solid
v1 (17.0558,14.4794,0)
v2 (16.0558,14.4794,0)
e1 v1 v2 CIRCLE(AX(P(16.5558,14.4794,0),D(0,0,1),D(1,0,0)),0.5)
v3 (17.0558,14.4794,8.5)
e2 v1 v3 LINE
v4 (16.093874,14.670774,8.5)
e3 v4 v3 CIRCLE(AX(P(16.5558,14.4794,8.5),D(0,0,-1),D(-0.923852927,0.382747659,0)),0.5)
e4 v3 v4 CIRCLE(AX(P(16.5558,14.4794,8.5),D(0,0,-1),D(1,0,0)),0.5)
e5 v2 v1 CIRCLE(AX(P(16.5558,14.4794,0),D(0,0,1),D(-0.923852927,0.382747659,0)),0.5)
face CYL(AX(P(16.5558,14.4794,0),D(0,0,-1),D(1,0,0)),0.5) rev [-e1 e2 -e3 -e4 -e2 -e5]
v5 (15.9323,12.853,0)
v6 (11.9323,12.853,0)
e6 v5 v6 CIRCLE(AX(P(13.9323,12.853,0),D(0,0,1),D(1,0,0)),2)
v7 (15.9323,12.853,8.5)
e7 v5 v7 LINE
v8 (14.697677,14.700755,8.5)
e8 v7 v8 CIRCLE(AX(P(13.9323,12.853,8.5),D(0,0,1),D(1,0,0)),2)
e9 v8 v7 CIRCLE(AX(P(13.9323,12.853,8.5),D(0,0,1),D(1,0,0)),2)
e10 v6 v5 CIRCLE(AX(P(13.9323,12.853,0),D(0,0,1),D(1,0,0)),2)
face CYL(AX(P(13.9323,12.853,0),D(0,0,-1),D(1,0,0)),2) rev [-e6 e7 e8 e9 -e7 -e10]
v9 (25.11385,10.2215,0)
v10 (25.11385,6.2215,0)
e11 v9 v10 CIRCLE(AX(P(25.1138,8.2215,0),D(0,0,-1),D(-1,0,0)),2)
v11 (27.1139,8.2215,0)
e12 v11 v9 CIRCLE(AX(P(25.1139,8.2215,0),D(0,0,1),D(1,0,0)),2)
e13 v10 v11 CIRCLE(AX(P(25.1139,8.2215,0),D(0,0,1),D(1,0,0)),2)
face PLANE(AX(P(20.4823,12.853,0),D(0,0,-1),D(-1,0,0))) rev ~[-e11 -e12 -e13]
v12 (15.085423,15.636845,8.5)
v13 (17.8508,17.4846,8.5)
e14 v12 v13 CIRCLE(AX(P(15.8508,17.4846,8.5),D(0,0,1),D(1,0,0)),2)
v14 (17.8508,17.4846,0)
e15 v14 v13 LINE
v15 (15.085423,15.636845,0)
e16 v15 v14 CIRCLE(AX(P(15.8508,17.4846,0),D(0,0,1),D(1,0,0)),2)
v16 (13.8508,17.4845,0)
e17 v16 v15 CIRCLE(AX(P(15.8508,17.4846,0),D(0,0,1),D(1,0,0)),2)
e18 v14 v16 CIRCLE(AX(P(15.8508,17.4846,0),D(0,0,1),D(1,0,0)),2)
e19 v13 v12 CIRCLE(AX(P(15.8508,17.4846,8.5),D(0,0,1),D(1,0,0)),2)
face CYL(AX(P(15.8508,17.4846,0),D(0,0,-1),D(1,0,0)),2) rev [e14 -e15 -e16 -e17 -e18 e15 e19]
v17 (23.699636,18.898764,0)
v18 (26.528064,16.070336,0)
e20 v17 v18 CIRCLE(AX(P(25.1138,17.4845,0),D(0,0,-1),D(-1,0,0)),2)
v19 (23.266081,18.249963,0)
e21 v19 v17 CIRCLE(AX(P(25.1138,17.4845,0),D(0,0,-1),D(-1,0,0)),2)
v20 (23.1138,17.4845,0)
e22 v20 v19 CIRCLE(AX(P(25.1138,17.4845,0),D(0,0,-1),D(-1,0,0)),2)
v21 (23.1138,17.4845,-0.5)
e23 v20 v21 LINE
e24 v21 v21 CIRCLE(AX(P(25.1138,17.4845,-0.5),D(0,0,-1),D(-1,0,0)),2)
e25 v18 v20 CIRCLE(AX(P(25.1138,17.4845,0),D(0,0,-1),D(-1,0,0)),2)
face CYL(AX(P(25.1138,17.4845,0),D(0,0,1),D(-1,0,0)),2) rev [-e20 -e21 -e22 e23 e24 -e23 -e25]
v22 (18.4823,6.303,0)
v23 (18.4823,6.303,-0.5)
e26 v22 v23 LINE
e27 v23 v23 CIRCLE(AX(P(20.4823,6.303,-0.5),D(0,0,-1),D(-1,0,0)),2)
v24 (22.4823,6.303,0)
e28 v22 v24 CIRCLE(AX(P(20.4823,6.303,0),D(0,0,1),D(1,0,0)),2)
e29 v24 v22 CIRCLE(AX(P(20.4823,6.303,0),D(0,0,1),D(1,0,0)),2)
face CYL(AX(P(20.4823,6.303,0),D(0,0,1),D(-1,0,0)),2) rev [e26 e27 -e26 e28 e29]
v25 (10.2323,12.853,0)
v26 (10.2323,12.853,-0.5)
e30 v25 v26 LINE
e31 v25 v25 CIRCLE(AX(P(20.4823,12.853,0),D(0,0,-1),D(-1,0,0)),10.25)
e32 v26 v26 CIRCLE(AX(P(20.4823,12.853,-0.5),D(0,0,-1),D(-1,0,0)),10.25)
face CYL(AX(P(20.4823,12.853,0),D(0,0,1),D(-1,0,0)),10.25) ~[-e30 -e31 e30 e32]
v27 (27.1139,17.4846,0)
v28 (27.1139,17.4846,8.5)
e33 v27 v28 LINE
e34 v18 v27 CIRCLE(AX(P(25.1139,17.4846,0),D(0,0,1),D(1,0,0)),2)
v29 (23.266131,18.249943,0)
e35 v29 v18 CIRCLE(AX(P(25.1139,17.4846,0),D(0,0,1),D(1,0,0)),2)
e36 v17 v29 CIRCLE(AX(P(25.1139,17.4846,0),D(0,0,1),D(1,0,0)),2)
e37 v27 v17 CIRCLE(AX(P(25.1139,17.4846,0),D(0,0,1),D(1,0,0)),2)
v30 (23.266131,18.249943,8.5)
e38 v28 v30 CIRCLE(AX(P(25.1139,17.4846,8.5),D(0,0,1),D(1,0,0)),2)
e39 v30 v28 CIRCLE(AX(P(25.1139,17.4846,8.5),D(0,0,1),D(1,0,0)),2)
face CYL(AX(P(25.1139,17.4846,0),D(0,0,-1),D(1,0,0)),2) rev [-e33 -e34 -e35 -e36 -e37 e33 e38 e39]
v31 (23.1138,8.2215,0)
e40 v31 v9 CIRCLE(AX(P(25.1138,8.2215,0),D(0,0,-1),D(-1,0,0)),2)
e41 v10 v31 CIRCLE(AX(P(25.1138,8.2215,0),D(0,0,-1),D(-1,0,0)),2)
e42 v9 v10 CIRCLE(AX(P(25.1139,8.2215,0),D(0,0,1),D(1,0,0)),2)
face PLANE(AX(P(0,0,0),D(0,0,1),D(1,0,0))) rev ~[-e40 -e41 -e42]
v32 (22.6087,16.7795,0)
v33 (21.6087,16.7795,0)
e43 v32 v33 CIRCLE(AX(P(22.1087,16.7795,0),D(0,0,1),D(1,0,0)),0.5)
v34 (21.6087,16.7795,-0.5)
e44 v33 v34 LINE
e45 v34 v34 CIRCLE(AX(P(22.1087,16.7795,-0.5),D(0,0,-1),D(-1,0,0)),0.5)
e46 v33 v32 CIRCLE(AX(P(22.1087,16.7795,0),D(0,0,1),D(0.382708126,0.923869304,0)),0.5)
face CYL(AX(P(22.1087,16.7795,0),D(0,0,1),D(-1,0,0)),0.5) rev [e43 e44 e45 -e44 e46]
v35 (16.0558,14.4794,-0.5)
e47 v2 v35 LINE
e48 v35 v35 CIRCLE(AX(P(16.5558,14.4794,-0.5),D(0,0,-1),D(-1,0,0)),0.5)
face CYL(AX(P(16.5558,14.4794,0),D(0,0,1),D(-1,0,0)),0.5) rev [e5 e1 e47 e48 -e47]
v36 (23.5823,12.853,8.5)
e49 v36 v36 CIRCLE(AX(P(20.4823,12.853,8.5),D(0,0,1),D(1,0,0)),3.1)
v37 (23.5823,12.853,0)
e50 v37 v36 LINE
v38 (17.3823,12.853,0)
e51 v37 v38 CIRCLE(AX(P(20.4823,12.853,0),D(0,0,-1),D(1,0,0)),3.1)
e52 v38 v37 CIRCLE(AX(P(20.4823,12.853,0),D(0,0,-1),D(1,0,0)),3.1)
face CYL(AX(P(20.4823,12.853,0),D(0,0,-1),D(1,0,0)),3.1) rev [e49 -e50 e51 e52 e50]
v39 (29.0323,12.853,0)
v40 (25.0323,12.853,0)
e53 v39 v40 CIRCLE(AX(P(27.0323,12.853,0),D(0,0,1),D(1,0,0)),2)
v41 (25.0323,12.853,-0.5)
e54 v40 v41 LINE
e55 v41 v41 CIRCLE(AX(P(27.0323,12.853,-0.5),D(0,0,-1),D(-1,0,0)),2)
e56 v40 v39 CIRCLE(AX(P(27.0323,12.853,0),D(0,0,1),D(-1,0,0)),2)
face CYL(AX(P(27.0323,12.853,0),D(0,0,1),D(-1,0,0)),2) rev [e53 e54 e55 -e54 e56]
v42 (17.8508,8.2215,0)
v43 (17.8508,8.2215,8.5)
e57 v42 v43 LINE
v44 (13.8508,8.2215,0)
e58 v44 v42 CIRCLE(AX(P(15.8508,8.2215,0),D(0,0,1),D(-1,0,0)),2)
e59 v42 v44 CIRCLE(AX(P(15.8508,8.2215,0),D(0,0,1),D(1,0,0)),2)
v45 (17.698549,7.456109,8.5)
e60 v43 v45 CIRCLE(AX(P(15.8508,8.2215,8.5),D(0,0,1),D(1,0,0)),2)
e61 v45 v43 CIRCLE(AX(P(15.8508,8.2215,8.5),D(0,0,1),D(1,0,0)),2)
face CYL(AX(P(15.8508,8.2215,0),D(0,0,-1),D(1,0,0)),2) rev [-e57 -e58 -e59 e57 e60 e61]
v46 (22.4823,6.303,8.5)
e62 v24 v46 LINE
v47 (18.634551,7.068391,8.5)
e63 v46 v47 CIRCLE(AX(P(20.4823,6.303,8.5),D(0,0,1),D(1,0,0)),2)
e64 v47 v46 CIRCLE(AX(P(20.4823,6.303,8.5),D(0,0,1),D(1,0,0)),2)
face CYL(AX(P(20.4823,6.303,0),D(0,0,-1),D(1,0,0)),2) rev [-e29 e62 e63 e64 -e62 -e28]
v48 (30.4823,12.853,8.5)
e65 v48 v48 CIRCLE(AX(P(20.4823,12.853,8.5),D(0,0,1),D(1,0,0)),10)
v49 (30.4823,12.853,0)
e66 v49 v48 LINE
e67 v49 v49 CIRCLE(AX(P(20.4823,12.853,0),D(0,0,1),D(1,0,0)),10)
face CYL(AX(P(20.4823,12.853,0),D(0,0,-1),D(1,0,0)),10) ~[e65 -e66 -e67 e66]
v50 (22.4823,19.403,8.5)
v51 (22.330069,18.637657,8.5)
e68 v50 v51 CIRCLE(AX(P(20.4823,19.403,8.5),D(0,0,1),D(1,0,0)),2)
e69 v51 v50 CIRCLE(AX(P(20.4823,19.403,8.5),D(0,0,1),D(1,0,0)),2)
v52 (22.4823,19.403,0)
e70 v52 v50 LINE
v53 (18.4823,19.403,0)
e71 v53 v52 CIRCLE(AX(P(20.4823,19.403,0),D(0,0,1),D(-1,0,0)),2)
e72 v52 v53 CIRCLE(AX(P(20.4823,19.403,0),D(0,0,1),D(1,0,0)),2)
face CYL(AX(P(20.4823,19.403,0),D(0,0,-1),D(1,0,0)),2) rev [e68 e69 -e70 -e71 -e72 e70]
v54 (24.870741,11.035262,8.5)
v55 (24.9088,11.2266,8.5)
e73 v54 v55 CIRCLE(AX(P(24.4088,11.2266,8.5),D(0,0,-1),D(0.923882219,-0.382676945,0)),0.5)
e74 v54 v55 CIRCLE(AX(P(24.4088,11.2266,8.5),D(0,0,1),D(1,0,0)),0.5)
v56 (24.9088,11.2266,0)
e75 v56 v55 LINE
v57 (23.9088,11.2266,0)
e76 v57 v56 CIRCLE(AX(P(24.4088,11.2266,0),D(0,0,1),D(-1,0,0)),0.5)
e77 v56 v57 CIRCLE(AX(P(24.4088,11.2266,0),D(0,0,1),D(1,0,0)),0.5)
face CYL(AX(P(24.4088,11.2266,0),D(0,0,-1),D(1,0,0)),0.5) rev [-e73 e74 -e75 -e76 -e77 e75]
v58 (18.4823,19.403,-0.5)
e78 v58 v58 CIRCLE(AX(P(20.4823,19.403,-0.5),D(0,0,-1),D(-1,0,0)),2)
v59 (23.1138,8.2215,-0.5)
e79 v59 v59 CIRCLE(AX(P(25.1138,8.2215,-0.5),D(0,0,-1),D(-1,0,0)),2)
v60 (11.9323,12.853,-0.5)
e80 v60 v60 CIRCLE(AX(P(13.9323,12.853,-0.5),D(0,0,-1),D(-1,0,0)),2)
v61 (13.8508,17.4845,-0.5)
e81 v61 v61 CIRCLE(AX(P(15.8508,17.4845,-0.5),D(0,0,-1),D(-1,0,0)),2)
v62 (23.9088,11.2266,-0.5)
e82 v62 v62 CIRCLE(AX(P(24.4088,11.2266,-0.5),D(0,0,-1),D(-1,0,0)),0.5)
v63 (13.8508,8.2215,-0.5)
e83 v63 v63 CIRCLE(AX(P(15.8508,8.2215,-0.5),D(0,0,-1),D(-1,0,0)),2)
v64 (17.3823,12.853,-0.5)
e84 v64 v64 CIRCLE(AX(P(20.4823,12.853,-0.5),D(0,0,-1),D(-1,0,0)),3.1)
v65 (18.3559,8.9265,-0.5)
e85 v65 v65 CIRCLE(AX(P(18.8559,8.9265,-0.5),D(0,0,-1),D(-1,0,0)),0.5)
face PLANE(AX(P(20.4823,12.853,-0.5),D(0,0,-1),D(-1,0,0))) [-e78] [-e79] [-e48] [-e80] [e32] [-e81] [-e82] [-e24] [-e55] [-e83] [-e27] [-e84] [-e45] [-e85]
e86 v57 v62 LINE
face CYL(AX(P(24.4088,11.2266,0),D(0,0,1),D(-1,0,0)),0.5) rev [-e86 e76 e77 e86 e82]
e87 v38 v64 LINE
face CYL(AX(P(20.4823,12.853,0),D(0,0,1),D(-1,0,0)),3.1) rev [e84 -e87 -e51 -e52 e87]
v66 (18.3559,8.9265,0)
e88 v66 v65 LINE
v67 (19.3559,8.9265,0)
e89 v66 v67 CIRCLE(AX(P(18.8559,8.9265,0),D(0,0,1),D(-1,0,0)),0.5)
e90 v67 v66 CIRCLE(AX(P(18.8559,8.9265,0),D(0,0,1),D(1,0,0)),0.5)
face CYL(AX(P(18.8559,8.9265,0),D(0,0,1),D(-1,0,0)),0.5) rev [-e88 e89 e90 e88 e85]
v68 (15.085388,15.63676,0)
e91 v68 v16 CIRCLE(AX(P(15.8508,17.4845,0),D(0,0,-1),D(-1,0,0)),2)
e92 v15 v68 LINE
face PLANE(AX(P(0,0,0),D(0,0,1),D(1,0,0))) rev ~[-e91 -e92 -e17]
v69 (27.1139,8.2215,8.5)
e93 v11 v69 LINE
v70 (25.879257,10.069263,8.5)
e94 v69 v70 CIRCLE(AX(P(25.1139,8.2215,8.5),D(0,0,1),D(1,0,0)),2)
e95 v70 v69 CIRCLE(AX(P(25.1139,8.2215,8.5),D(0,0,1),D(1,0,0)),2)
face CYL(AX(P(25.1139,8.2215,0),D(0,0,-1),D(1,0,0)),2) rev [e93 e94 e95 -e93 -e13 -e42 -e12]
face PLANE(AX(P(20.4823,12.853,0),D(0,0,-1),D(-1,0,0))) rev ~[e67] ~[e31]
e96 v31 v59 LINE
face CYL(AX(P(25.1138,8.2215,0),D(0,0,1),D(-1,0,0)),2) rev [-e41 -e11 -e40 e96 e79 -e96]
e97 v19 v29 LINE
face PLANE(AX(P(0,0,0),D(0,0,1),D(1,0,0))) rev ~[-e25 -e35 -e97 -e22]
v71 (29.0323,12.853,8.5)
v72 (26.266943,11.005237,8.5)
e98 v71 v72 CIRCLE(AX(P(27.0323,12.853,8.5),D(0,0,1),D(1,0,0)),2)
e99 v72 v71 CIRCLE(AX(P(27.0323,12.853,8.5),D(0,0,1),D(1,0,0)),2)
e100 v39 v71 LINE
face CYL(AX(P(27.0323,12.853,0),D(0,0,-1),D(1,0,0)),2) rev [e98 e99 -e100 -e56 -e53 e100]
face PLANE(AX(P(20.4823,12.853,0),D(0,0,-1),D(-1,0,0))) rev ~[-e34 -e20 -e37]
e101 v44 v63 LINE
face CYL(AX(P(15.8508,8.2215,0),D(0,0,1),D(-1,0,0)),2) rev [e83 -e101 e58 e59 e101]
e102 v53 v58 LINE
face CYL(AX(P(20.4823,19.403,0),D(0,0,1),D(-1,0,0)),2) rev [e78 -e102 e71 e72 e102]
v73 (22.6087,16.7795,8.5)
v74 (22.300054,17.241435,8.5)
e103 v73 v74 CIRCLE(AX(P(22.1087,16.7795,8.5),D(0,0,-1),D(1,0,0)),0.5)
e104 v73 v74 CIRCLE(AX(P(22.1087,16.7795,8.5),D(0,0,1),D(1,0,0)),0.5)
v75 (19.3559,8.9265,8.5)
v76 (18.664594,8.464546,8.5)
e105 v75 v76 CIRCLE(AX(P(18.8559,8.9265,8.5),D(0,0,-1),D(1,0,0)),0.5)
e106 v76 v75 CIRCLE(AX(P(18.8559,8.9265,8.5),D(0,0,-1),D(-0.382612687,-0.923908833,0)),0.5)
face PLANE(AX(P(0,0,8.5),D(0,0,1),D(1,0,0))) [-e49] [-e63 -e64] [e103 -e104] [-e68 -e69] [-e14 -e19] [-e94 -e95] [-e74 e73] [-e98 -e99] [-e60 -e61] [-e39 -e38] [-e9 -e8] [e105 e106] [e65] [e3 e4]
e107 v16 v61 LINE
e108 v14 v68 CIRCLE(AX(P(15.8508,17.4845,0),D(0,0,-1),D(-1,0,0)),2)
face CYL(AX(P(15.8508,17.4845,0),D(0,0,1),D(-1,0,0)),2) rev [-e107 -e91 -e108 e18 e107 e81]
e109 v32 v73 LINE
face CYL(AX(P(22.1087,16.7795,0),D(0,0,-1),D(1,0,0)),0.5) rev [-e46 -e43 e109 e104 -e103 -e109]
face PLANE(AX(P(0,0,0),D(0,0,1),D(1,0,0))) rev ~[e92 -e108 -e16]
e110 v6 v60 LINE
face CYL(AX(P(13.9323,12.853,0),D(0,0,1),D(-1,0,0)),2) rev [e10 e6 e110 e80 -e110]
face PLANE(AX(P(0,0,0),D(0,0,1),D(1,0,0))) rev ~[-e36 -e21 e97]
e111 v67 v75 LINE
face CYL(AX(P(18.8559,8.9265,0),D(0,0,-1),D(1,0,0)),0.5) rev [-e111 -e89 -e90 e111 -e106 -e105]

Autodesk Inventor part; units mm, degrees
ref_plane "YZ Plane" through (0, 0, 0) normal (1, 0, 0) x (0, 1, 0)
ref_plane "XZ Plane" through (0, 0, 0) normal (0, 1, 0) x (-1, 0, 0)
ref_plane "XY Plane" through (0, 0, 0) normal (0, 0, 1) x (1, 0, 0)
sketch "Sketch1" plane through (0, 0, 0) normal (0, 0, 1) x (1, 0, 0)
  circle A0 centre (20.4823, 12.853) radius 3.1
  circle A1 centre (20.4823, 12.853) radius 10
  circle A2 centre (27.0323, 12.853) radius 2
  circle A3 centre (25.1139, 17.4846) radius 2
  circle A4 centre (20.4823, 19.403) radius 2
  circle A5 centre (15.8508, 17.4846) radius 2
  circle A6 centre (13.9323, 12.853) radius 2
  circle A7 centre (15.8508, 8.2215) radius 2
  circle A8 centre (20.4823, 6.303) radius 2
  circle A9 centre (25.1139, 8.2215) radius 2
  line L0 (15.8508, 17.4846) -> (13.9323, 12.853)
  line L1 (14.8916, 15.1688) -> (17.6183, 14.0393)
  line L2 (20.4823, 19.403) -> (25.1139, 17.4846)
  line L3 (22.7981, 18.4438) -> (21.6686, 15.717)
  line L4 (27.0323, 12.853) -> (25.1139, 8.2215)
  line L5 (26.0731, 10.5372) -> (23.3464, 11.6667)
  line L6 (15.8508, 8.2215) -> (20.4823, 6.303)
  line L7 (18.1666, 7.2622) -> (19.296, 9.989)
  circle A10 centre (20.4823, 12.853) radius 4.25
  circle A11 centre (16.5558, 14.4794) radius 0.5
  circle A12 centre (22.1087, 16.7795) radius 0.5
  circle A13 centre (24.4088, 11.2266) radius 0.5
  circle A14 centre (18.8559, 8.9265) radius 0.5
  point P0 (0, 0)
  dimension "d0" = 8.5
  dimension "d1" = 1
  dimension "d2" = 1
  dimension "d3" = 1
  dimension "d4" = 1
extrude "Extrusion1" add sketch "Sketch1" along normal blind 8.5 contours A0 L3 A12 A10 A13 L5 | A0 L1 A11 A10 A12 L3 | L5 A13 A10 A14 L7 A0 | A0 L7 A14 A10 A11 L1 | A1
sketch "Sketch2" plane through (20.4823, 12.853, 0) normal (0, 0, -1) x (-1, 0, 0)
  circle A0 centre (0, 0) radius 10.25
  circle A1 centre (1.6264, -3.9265) radius 0.5 projected
  circle A2 centre (1.6264, -3.9265) radius 0.5
  circle A3 centre (3.9265, 1.6264) radius 0.5 projected
  circle A4 centre (3.9265, 1.6264) radius 0.5
  circle A5 centre (-1.6264, 3.9265) radius 0.5 projected
  circle A6 centre (-1.6264, 3.9265) radius 0.5
  circle A7 centre (-3.9265, -1.6264) radius 0.5 projected
  circle A8 centre (-3.9265, -1.6264) radius 0.5
  circle A9 centre (6.55, 0) radius 2 projected
  circle A10 centre (6.55, 0) radius 2
  circle A11 centre (4.6315, -4.6315) radius 2 projected
  circle A12 centre (4.6315, -4.6315) radius 2
  circle A13 centre (0, -6.55) radius 2 projected
  circle A14 centre (0, -6.55) radius 2
  circle A15 centre (-4.6315, -4.6315) radius 2 projected
  circle A16 centre (-4.6315, -4.6315) radius 2
  circle A17 centre (-6.55, 0) radius 2 projected
  circle A18 centre (-6.55, 0) radius 2
  circle A19 centre (-4.6315, 4.6315) radius 2 projected
  circle A20 centre (-4.6315, 4.6315) radius 2
  circle A21 centre (0, 6.55) radius 2 projected
  circle A22 centre (0, 6.55) radius 2
  circle A23 centre (4.6315, 4.6315) radius 2 projected
  circle A24 centre (4.6315, 4.6315) radius 2
  circle A25 centre (0, 0) radius 3.1
  point P0 (20.4823, -12.853)
  dimension "d7" = 20.5
extrude "Extrusion2" add sketch "Sketch2" along normal blind 0.5
sketch "Sketch4" plane through (20.4823, 12.853, 8.5) normal (0, 0, 1) x (1, 0, 0)
  point P0 (-20.4823, -12.853)
sketch "Sketch5" plane through (20.4823, 12.853, -0.5) normal (0, 0, -1) x (-1, 0, 0)
  circle A0 centre (3.9265, 1.6264) radius 0.5 projected
  point P0 (20.4823, -12.853)
properties part number "RimV2"
